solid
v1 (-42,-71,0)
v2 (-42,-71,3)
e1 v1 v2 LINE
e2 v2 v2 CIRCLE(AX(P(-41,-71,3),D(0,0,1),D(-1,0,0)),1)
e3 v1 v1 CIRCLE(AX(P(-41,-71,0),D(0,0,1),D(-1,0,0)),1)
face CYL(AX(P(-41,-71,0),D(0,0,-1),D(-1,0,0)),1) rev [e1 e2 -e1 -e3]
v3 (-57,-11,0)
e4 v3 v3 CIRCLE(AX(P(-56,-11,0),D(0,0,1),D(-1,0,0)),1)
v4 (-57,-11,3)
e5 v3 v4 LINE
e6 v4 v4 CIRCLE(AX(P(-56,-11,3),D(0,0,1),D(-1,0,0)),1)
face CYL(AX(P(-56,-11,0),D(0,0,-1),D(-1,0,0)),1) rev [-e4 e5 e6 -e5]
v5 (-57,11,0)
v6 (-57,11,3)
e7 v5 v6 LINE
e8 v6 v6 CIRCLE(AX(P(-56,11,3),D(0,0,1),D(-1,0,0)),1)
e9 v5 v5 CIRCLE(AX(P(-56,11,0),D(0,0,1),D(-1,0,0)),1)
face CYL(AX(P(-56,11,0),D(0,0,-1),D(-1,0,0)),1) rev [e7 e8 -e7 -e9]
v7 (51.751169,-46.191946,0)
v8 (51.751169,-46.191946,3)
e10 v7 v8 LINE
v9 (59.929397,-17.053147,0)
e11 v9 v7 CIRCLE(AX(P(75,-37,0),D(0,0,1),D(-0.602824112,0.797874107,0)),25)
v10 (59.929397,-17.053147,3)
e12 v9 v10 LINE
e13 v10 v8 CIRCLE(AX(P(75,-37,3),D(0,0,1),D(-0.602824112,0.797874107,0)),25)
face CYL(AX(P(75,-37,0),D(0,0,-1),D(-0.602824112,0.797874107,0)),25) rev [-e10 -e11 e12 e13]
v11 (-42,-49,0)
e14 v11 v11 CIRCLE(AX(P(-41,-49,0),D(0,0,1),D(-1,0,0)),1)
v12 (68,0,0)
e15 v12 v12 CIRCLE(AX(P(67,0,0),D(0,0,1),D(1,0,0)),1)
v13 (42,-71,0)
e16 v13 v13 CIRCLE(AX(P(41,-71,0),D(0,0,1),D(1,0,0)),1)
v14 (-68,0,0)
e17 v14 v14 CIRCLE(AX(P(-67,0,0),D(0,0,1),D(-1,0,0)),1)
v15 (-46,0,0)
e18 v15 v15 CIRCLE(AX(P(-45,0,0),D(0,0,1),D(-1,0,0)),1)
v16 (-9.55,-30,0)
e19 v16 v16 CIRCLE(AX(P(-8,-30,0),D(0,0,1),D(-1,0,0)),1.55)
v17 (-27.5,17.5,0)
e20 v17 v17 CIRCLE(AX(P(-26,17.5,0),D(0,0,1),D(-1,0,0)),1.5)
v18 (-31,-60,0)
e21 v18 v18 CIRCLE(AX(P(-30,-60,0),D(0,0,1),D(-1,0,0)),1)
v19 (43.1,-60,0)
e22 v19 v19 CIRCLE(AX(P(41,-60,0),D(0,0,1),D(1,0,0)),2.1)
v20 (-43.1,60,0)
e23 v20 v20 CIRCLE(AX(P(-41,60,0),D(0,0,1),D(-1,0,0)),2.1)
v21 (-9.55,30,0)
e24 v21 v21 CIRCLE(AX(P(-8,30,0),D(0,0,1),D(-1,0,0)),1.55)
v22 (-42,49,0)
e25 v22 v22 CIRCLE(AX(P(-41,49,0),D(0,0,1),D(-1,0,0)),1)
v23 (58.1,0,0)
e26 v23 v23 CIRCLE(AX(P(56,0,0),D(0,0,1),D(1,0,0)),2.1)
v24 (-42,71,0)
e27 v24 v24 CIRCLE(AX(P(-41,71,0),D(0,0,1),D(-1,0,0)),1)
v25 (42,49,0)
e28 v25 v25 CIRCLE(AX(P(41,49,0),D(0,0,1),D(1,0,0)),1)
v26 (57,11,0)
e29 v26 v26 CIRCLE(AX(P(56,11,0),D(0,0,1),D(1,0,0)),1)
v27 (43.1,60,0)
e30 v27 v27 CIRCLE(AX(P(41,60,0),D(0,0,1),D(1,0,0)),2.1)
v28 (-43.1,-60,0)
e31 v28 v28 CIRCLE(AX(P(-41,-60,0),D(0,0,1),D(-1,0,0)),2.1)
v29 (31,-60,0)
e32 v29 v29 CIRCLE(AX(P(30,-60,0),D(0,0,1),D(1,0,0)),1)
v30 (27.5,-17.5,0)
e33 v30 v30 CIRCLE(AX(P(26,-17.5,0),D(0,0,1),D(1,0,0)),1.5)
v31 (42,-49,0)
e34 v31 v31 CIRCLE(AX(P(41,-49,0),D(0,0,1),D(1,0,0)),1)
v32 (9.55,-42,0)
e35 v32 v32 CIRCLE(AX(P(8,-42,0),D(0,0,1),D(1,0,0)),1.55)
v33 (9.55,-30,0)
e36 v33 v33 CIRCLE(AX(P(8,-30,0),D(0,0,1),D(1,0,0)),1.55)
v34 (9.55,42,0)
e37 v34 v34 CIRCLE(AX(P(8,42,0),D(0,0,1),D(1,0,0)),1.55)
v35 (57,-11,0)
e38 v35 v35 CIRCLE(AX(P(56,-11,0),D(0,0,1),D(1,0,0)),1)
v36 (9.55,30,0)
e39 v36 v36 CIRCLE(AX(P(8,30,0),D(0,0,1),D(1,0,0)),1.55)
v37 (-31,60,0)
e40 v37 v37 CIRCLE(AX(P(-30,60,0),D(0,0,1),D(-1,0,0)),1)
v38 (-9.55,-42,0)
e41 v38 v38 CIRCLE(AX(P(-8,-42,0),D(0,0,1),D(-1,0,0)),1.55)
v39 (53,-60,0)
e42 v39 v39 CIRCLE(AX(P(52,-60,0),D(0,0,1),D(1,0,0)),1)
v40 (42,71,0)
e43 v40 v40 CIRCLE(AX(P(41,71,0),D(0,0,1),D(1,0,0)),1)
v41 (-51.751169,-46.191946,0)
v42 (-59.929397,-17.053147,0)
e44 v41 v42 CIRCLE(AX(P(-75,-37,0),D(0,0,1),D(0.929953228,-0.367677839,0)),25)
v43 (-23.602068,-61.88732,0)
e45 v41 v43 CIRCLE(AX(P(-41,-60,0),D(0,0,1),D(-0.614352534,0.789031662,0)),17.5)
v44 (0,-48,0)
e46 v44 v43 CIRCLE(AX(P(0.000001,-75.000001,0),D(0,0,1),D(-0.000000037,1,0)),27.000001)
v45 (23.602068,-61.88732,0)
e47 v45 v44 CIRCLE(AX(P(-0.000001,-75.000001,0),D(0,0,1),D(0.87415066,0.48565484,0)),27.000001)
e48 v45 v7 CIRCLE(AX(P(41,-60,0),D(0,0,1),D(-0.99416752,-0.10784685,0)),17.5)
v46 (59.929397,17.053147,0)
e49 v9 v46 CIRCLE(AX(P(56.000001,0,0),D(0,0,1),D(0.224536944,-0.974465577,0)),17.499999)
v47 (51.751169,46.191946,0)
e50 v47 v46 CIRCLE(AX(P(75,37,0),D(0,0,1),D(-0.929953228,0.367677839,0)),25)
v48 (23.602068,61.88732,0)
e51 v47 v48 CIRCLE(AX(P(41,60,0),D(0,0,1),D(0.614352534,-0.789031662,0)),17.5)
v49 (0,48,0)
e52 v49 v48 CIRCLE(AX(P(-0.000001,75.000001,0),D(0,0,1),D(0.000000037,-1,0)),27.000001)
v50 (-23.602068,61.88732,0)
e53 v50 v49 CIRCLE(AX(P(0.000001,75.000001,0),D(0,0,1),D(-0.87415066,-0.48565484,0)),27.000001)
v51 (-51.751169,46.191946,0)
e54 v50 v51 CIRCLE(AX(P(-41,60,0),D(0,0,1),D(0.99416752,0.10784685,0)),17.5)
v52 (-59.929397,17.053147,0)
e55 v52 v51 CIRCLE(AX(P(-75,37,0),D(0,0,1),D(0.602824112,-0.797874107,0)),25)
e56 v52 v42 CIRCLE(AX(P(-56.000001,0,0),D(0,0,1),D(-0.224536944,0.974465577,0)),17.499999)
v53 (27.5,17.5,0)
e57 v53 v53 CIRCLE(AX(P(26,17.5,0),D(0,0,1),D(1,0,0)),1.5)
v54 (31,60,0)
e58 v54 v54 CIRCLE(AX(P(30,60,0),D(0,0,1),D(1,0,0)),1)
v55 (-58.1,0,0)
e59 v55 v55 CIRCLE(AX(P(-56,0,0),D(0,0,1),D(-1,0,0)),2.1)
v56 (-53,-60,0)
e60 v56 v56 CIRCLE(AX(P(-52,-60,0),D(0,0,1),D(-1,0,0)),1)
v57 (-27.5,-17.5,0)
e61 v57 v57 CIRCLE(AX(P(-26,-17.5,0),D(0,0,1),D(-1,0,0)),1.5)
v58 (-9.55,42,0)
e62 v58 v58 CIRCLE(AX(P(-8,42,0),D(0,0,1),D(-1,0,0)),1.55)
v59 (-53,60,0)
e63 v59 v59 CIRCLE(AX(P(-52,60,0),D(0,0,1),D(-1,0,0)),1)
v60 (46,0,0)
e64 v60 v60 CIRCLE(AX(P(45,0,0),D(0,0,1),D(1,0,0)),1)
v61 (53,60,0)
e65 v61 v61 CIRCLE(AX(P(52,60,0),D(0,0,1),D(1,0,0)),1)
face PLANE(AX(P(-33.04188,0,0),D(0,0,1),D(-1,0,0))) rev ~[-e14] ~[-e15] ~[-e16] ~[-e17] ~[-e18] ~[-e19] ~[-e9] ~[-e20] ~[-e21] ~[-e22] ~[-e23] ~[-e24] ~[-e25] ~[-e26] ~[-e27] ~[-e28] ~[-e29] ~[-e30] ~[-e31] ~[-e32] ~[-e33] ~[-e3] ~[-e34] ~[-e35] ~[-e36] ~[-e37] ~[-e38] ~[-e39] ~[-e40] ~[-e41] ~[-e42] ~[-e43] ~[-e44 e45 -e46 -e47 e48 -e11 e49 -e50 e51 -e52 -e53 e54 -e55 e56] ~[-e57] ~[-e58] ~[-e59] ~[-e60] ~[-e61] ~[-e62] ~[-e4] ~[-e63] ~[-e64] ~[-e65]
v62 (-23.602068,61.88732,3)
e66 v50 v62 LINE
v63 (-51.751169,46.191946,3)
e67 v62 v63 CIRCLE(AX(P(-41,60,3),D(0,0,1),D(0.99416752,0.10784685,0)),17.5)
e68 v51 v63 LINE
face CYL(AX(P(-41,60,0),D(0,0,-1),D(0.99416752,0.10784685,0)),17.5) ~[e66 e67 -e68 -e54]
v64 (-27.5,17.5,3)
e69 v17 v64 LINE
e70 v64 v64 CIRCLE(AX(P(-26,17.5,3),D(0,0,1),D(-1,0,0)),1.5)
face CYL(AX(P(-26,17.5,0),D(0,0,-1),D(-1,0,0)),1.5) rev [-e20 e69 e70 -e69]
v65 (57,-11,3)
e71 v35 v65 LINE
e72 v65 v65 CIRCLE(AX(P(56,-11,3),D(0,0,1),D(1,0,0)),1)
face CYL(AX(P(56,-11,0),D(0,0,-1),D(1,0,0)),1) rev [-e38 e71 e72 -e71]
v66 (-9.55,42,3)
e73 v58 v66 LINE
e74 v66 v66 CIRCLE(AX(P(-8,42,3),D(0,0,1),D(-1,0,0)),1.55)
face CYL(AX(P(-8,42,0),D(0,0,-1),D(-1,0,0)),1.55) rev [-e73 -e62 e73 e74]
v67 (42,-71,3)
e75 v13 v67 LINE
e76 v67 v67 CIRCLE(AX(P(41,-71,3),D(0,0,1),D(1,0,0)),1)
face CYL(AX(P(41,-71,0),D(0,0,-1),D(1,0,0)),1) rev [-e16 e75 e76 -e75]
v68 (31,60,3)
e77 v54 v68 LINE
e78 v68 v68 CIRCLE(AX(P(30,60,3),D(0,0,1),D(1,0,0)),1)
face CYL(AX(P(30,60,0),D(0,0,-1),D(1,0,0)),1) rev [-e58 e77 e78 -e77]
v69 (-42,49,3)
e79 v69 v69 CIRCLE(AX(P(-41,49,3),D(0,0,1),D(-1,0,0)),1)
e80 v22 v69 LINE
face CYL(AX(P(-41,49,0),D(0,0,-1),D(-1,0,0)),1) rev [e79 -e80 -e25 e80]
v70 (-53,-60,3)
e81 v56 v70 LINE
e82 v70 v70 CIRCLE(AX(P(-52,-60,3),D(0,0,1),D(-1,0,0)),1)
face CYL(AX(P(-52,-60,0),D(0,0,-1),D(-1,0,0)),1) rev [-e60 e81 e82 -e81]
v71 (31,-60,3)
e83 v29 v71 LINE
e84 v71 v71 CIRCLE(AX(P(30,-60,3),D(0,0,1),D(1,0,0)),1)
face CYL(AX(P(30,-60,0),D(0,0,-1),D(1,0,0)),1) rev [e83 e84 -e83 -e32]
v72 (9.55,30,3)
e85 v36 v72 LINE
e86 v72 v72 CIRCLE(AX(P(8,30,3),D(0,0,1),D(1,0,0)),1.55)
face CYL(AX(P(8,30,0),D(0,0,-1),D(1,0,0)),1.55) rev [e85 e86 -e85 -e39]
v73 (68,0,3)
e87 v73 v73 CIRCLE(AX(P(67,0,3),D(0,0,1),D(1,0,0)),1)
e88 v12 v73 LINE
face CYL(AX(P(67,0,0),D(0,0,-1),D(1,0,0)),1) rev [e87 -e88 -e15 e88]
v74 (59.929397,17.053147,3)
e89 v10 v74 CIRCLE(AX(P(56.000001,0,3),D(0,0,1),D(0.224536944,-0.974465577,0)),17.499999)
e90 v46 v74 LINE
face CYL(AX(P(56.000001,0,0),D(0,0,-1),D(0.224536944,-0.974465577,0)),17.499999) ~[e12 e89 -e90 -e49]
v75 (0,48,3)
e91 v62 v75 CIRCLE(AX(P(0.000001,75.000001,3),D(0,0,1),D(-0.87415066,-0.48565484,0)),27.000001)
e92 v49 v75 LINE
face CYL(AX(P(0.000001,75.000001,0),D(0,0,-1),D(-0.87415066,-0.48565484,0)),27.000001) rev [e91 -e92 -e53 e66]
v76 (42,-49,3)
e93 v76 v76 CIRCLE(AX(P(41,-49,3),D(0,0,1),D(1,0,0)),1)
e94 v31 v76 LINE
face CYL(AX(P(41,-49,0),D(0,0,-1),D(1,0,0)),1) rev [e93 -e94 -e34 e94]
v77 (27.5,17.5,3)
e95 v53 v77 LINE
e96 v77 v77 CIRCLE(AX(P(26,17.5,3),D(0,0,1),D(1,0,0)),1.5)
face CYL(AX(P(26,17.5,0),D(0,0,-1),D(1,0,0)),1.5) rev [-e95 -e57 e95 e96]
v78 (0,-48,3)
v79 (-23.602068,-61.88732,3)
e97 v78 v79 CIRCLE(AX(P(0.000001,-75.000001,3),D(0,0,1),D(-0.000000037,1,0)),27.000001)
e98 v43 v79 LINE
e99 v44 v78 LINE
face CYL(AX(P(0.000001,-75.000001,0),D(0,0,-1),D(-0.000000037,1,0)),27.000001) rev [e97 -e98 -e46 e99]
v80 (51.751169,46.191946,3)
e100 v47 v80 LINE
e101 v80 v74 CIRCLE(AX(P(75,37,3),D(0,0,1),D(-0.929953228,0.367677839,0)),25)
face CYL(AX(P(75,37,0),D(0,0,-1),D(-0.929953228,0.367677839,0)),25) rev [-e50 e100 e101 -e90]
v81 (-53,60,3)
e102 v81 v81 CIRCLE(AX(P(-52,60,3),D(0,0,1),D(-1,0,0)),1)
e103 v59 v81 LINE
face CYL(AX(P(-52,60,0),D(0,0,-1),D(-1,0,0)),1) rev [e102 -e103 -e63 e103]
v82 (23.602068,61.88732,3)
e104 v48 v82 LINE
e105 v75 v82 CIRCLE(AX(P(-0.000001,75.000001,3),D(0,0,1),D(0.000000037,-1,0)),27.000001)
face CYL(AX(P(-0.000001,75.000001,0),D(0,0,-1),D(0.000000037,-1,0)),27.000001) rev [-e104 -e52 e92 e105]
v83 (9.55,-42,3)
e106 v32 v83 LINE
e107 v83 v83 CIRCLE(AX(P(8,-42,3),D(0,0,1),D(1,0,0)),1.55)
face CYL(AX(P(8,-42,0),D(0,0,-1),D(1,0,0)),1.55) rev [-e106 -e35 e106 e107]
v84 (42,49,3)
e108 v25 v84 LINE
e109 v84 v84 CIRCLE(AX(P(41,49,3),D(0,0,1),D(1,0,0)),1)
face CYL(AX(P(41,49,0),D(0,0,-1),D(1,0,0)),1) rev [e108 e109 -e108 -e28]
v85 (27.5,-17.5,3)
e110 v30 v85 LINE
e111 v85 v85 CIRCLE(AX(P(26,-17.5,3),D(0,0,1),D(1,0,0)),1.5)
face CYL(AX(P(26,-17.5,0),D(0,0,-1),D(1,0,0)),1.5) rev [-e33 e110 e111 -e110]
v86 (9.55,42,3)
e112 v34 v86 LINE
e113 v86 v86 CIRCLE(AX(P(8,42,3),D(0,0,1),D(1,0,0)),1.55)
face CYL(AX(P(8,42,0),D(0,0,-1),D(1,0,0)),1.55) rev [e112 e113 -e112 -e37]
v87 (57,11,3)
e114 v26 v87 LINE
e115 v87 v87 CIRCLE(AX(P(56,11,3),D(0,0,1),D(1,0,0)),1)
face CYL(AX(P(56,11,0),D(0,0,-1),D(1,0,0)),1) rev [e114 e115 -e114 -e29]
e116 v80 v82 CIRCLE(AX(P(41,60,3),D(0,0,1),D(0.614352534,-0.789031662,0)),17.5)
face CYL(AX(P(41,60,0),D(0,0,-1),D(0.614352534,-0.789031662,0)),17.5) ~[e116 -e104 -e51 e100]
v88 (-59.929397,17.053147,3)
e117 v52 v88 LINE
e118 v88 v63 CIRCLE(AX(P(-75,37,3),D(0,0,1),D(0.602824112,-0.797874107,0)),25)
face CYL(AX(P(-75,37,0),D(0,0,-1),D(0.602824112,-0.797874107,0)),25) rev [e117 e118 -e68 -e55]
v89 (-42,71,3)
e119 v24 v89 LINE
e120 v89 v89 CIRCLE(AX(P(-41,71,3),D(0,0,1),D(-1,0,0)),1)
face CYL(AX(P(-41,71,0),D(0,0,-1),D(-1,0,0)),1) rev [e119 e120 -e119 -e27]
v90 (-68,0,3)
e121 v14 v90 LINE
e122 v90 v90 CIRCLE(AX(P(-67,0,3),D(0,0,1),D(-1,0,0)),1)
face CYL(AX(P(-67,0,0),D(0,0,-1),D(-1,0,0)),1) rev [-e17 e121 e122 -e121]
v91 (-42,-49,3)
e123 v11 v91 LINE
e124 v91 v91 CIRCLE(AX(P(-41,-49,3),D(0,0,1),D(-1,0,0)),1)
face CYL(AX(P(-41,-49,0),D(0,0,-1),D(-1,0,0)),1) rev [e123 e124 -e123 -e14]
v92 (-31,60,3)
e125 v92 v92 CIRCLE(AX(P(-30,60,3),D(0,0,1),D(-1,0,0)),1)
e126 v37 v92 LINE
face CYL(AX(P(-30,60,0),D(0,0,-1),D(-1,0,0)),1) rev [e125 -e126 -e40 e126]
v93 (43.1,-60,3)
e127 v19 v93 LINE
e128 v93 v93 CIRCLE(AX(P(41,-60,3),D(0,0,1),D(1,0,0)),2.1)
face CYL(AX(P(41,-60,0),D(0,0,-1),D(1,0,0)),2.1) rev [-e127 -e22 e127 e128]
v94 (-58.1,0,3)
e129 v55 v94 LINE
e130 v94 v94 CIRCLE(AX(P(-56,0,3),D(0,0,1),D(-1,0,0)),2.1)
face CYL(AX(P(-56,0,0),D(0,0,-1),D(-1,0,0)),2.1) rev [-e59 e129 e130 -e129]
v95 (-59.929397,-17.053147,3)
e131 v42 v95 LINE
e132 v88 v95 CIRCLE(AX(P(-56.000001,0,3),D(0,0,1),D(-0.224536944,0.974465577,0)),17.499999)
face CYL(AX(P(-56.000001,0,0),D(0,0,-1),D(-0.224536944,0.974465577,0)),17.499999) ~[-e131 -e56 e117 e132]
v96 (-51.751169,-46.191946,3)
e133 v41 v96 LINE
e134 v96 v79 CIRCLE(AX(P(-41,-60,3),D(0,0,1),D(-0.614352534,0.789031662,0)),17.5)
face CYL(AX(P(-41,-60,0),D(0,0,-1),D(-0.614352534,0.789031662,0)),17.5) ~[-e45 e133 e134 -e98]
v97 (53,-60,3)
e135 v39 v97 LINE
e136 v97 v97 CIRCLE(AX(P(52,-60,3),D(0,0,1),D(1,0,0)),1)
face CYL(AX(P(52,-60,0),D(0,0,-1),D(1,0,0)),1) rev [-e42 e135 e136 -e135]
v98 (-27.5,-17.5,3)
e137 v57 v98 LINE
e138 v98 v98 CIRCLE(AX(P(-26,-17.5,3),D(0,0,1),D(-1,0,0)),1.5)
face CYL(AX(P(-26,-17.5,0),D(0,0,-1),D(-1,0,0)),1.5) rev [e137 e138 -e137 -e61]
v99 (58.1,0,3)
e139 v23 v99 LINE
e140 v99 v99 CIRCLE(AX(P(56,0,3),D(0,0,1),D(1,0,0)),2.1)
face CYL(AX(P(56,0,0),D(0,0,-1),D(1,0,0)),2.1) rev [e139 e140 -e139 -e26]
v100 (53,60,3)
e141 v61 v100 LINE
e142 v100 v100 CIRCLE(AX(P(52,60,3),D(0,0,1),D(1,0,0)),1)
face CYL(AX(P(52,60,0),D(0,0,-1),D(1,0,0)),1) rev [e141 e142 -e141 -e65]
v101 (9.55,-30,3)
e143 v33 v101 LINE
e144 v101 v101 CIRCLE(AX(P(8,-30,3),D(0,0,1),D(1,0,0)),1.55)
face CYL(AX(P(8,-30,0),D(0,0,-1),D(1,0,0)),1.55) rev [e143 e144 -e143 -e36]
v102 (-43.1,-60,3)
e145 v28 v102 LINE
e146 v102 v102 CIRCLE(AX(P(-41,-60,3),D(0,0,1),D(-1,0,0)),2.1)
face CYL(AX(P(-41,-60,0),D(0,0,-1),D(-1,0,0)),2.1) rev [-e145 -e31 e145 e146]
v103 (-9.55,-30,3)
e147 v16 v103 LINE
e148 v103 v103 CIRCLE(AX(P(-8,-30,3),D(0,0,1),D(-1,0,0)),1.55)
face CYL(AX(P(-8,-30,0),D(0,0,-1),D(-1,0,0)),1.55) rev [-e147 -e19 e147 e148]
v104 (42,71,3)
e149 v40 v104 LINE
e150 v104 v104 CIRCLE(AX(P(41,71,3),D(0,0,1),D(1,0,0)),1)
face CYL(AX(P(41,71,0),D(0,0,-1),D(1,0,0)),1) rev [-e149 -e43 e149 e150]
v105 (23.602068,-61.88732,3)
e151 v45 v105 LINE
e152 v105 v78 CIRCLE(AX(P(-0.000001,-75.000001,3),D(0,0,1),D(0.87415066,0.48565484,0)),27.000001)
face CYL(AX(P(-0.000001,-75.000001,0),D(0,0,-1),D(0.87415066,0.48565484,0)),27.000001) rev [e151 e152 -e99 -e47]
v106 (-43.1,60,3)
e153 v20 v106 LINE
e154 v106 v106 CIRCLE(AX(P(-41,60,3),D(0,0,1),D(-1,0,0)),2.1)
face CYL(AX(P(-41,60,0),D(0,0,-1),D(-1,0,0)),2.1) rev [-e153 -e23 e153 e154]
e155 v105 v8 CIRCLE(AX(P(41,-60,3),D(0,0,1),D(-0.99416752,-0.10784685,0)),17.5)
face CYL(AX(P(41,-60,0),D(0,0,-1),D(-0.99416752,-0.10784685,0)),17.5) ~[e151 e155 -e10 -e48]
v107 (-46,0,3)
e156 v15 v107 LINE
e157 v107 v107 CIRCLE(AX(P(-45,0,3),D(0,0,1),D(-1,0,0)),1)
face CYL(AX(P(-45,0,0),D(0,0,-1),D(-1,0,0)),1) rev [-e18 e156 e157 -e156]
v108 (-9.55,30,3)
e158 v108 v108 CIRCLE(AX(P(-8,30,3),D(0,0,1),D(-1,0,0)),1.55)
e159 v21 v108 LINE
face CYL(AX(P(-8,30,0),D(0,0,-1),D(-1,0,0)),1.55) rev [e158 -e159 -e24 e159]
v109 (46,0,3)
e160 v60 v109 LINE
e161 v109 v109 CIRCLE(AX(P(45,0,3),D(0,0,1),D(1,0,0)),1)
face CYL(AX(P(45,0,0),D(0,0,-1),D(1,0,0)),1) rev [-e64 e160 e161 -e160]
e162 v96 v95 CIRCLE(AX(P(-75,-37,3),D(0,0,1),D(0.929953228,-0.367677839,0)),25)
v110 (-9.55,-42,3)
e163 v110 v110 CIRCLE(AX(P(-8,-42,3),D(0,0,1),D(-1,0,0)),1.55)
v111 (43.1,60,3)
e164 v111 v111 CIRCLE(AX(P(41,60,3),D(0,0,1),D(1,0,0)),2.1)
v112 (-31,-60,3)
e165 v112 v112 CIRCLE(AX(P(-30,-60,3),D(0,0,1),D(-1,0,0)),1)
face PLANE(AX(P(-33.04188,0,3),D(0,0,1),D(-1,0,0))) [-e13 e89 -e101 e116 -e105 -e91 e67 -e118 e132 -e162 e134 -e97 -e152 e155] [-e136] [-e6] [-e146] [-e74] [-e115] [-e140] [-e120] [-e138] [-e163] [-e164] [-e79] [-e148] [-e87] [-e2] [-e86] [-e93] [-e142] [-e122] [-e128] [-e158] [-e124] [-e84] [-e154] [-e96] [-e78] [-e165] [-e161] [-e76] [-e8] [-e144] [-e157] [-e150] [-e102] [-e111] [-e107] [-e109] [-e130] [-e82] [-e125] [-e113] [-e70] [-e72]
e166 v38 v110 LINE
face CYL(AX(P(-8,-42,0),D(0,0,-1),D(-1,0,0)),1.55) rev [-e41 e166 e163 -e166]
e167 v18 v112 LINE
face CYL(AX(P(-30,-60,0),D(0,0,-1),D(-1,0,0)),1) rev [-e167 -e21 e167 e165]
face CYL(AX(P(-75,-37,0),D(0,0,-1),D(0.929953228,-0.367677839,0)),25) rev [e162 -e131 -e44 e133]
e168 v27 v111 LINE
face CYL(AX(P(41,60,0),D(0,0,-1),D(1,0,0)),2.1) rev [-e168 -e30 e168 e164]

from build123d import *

# Parameters (mm, degrees)
SKETCH001_R             = 2.1
SKETCH001_R_2           = 1
SKETCH001_R_3           = 1.55
SKETCH001_R_4           = 1.5
PAD001_DEPTH            = 3
BODY001_PLACEMENT_ANGLE = 180
SKETCH_R                = 2.1
SKETCH_R_2              = 1
SKETCH_R_3              = 1.55
SKETCH_R_4              = 1.5
PAD_DEPTH               = 3


with BuildPart() as body001:
    # Sketch001 → Pad001 (new body)
    with BuildSketch(Plane.XY):
        with BuildLine():
            ThreePointArc((59.929397, -17.053147), (73.5, 0), (59.929397, 17.053147))
            ThreePointArc((51.751169, 46.191946), (50.930057, 30.24442), (59.929397, 17.053147))
            ThreePointArc((51.751169, 46.191946), (49.522386, 75.284598), (23.602068, 61.88732))
            ThreePointArc((0, 48), (13.692291, 51.729393), (23.602068, 61.88732))
            Line((0, 48), (0, -48))
            ThreePointArc((23.602068, -61.88732), (13.692291, -51.729393), (0, -48))
            ThreePointArc((23.602068, -61.88732), (49.522386, -75.284598), (51.751169, -46.191946))
            ThreePointArc((59.929397, -17.053147), (50.930057, -30.24442), (51.751169, -46.191946))
        make_face()
        with Locations((41, 60)):
            Circle(SKETCH001_R, mode=Mode.SUBTRACT)
        with Locations((56, 0)):
            Circle(SKETCH001_R, mode=Mode.SUBTRACT)
        with Locations((41, -60)):
            Circle(SKETCH001_R, mode=Mode.SUBTRACT)
        with Locations((41, 71)):
            Circle(SKETCH001_R_2, mode=Mode.SUBTRACT)
        with Locations((41, 49)):
            Circle(SKETCH001_R_2, mode=Mode.SUBTRACT)
        with Locations((52, 60)):
            Circle(SKETCH001_R_2, mode=Mode.SUBTRACT)
        with Locations((30, 60)):
            Circle(SKETCH001_R_2, mode=Mode.SUBTRACT)
        with Locations((56, 11)):
            Circle(SKETCH001_R_2, mode=Mode.SUBTRACT)
        with Locations((56, -11)):
            Circle(SKETCH001_R_2, mode=Mode.SUBTRACT)
        with Locations((67, 0)):
            Circle(SKETCH001_R_2, mode=Mode.SUBTRACT)
        with Locations((45, 0)):
            Circle(SKETCH001_R_2, mode=Mode.SUBTRACT)
        with Locations((41, -49)):
            Circle(SKETCH001_R_2, mode=Mode.SUBTRACT)
        with Locations((41, -71)):
            Circle(SKETCH001_R_2, mode=Mode.SUBTRACT)
        with Locations((52, -60)):
            Circle(SKETCH001_R_2, mode=Mode.SUBTRACT)
        with Locations((30, -60)):
            Circle(SKETCH001_R_2, mode=Mode.SUBTRACT)
        with Locations((8, -42)):
            Circle(SKETCH001_R_3, mode=Mode.SUBTRACT)
        with Locations((8, -30)):
            Circle(SKETCH001_R_3, mode=Mode.SUBTRACT)
        with Locations((8, 30)):
            Circle(SKETCH001_R_3, mode=Mode.SUBTRACT)
        with Locations((8, 42)):
            Circle(SKETCH001_R_3, mode=Mode.SUBTRACT)
        with Locations((26, 17.5)):
            Circle(SKETCH001_R_4, mode=Mode.SUBTRACT)
        with Locations((26, -17.5)):
            Circle(SKETCH001_R_4, mode=Mode.SUBTRACT)
    extrude(amount=PAD001_DEPTH)


with BuildPart() as body001_1:
    # Body001 placement: moved
    add(body001.part.rotate(Axis((0, 0, 0), (0, 0, 1)), BODY001_PLACEMENT_ANGLE))


with BuildPart() as fusion:
    # Sketch → Pad (new body)
    with BuildSketch(Plane.XY):
        with BuildLine():
            ThreePointArc((59.929397, -17.053147), (73.5, 0), (59.929397, 17.053147))
            ThreePointArc((51.751169, 46.191946), (50.930057, 30.24442), (59.929397, 17.053147))
            ThreePointArc((51.751169, 46.191946), (49.522386, 75.284598), (23.602068, 61.88732))
            ThreePointArc((0, 48), (13.692291, 51.729393), (23.602068, 61.88732))
            Line((0, 48), (0, -48))
            ThreePointArc((23.602068, -61.88732), (13.692291, -51.729393), (0, -48))
            ThreePointArc((23.602068, -61.88732), (49.522386, -75.284598), (51.751169, -46.191946))
            ThreePointArc((59.929397, -17.053147), (50.930057, -30.24442), (51.751169, -46.191946))
        make_face()
        with Locations((41, 60)):
            Circle(SKETCH_R, mode=Mode.SUBTRACT)
        with Locations((56, 0)):
            Circle(SKETCH_R, mode=Mode.SUBTRACT)
        with Locations((41, -60)):
            Circle(SKETCH_R, mode=Mode.SUBTRACT)
        with Locations((41, 71)):
            Circle(SKETCH_R_2, mode=Mode.SUBTRACT)
        with Locations((41, 49)):
            Circle(SKETCH_R_2, mode=Mode.SUBTRACT)
        with Locations((52, 60)):
            Circle(SKETCH_R_2, mode=Mode.SUBTRACT)
        with Locations((30, 60)):
            Circle(SKETCH_R_2, mode=Mode.SUBTRACT)
        with Locations((56, 11)):
            Circle(SKETCH_R_2, mode=Mode.SUBTRACT)
        with Locations((56, -11)):
            Circle(SKETCH_R_2, mode=Mode.SUBTRACT)
        with Locations((67, 0)):
            Circle(SKETCH_R_2, mode=Mode.SUBTRACT)
        with Locations((45, 0)):
            Circle(SKETCH_R_2, mode=Mode.SUBTRACT)
        with Locations((41, -49)):
            Circle(SKETCH_R_2, mode=Mode.SUBTRACT)
        with Locations((41, -71)):
            Circle(SKETCH_R_2, mode=Mode.SUBTRACT)
        with Locations((52, -60)):
            Circle(SKETCH_R_2, mode=Mode.SUBTRACT)
        with Locations((30, -60)):
            Circle(SKETCH_R_2, mode=Mode.SUBTRACT)
        with Locations((8, -42)):
            Circle(SKETCH_R_3, mode=Mode.SUBTRACT)
        with Locations((8, -30)):
            Circle(SKETCH_R_3, mode=Mode.SUBTRACT)
        with Locations((8, 30)):
            Circle(SKETCH_R_3, mode=Mode.SUBTRACT)
        with Locations((8, 42)):
            Circle(SKETCH_R_3, mode=Mode.SUBTRACT)
        with Locations((26, 17.5)):
            Circle(SKETCH_R_4, mode=Mode.SUBTRACT)
        with Locations((26, -17.5)):
            Circle(SKETCH_R_4, mode=Mode.SUBTRACT)
    extrude(amount=PAD_DEPTH)

    # Fusion: union Body001
    add(body001_1.part)


solid = fusion.part
